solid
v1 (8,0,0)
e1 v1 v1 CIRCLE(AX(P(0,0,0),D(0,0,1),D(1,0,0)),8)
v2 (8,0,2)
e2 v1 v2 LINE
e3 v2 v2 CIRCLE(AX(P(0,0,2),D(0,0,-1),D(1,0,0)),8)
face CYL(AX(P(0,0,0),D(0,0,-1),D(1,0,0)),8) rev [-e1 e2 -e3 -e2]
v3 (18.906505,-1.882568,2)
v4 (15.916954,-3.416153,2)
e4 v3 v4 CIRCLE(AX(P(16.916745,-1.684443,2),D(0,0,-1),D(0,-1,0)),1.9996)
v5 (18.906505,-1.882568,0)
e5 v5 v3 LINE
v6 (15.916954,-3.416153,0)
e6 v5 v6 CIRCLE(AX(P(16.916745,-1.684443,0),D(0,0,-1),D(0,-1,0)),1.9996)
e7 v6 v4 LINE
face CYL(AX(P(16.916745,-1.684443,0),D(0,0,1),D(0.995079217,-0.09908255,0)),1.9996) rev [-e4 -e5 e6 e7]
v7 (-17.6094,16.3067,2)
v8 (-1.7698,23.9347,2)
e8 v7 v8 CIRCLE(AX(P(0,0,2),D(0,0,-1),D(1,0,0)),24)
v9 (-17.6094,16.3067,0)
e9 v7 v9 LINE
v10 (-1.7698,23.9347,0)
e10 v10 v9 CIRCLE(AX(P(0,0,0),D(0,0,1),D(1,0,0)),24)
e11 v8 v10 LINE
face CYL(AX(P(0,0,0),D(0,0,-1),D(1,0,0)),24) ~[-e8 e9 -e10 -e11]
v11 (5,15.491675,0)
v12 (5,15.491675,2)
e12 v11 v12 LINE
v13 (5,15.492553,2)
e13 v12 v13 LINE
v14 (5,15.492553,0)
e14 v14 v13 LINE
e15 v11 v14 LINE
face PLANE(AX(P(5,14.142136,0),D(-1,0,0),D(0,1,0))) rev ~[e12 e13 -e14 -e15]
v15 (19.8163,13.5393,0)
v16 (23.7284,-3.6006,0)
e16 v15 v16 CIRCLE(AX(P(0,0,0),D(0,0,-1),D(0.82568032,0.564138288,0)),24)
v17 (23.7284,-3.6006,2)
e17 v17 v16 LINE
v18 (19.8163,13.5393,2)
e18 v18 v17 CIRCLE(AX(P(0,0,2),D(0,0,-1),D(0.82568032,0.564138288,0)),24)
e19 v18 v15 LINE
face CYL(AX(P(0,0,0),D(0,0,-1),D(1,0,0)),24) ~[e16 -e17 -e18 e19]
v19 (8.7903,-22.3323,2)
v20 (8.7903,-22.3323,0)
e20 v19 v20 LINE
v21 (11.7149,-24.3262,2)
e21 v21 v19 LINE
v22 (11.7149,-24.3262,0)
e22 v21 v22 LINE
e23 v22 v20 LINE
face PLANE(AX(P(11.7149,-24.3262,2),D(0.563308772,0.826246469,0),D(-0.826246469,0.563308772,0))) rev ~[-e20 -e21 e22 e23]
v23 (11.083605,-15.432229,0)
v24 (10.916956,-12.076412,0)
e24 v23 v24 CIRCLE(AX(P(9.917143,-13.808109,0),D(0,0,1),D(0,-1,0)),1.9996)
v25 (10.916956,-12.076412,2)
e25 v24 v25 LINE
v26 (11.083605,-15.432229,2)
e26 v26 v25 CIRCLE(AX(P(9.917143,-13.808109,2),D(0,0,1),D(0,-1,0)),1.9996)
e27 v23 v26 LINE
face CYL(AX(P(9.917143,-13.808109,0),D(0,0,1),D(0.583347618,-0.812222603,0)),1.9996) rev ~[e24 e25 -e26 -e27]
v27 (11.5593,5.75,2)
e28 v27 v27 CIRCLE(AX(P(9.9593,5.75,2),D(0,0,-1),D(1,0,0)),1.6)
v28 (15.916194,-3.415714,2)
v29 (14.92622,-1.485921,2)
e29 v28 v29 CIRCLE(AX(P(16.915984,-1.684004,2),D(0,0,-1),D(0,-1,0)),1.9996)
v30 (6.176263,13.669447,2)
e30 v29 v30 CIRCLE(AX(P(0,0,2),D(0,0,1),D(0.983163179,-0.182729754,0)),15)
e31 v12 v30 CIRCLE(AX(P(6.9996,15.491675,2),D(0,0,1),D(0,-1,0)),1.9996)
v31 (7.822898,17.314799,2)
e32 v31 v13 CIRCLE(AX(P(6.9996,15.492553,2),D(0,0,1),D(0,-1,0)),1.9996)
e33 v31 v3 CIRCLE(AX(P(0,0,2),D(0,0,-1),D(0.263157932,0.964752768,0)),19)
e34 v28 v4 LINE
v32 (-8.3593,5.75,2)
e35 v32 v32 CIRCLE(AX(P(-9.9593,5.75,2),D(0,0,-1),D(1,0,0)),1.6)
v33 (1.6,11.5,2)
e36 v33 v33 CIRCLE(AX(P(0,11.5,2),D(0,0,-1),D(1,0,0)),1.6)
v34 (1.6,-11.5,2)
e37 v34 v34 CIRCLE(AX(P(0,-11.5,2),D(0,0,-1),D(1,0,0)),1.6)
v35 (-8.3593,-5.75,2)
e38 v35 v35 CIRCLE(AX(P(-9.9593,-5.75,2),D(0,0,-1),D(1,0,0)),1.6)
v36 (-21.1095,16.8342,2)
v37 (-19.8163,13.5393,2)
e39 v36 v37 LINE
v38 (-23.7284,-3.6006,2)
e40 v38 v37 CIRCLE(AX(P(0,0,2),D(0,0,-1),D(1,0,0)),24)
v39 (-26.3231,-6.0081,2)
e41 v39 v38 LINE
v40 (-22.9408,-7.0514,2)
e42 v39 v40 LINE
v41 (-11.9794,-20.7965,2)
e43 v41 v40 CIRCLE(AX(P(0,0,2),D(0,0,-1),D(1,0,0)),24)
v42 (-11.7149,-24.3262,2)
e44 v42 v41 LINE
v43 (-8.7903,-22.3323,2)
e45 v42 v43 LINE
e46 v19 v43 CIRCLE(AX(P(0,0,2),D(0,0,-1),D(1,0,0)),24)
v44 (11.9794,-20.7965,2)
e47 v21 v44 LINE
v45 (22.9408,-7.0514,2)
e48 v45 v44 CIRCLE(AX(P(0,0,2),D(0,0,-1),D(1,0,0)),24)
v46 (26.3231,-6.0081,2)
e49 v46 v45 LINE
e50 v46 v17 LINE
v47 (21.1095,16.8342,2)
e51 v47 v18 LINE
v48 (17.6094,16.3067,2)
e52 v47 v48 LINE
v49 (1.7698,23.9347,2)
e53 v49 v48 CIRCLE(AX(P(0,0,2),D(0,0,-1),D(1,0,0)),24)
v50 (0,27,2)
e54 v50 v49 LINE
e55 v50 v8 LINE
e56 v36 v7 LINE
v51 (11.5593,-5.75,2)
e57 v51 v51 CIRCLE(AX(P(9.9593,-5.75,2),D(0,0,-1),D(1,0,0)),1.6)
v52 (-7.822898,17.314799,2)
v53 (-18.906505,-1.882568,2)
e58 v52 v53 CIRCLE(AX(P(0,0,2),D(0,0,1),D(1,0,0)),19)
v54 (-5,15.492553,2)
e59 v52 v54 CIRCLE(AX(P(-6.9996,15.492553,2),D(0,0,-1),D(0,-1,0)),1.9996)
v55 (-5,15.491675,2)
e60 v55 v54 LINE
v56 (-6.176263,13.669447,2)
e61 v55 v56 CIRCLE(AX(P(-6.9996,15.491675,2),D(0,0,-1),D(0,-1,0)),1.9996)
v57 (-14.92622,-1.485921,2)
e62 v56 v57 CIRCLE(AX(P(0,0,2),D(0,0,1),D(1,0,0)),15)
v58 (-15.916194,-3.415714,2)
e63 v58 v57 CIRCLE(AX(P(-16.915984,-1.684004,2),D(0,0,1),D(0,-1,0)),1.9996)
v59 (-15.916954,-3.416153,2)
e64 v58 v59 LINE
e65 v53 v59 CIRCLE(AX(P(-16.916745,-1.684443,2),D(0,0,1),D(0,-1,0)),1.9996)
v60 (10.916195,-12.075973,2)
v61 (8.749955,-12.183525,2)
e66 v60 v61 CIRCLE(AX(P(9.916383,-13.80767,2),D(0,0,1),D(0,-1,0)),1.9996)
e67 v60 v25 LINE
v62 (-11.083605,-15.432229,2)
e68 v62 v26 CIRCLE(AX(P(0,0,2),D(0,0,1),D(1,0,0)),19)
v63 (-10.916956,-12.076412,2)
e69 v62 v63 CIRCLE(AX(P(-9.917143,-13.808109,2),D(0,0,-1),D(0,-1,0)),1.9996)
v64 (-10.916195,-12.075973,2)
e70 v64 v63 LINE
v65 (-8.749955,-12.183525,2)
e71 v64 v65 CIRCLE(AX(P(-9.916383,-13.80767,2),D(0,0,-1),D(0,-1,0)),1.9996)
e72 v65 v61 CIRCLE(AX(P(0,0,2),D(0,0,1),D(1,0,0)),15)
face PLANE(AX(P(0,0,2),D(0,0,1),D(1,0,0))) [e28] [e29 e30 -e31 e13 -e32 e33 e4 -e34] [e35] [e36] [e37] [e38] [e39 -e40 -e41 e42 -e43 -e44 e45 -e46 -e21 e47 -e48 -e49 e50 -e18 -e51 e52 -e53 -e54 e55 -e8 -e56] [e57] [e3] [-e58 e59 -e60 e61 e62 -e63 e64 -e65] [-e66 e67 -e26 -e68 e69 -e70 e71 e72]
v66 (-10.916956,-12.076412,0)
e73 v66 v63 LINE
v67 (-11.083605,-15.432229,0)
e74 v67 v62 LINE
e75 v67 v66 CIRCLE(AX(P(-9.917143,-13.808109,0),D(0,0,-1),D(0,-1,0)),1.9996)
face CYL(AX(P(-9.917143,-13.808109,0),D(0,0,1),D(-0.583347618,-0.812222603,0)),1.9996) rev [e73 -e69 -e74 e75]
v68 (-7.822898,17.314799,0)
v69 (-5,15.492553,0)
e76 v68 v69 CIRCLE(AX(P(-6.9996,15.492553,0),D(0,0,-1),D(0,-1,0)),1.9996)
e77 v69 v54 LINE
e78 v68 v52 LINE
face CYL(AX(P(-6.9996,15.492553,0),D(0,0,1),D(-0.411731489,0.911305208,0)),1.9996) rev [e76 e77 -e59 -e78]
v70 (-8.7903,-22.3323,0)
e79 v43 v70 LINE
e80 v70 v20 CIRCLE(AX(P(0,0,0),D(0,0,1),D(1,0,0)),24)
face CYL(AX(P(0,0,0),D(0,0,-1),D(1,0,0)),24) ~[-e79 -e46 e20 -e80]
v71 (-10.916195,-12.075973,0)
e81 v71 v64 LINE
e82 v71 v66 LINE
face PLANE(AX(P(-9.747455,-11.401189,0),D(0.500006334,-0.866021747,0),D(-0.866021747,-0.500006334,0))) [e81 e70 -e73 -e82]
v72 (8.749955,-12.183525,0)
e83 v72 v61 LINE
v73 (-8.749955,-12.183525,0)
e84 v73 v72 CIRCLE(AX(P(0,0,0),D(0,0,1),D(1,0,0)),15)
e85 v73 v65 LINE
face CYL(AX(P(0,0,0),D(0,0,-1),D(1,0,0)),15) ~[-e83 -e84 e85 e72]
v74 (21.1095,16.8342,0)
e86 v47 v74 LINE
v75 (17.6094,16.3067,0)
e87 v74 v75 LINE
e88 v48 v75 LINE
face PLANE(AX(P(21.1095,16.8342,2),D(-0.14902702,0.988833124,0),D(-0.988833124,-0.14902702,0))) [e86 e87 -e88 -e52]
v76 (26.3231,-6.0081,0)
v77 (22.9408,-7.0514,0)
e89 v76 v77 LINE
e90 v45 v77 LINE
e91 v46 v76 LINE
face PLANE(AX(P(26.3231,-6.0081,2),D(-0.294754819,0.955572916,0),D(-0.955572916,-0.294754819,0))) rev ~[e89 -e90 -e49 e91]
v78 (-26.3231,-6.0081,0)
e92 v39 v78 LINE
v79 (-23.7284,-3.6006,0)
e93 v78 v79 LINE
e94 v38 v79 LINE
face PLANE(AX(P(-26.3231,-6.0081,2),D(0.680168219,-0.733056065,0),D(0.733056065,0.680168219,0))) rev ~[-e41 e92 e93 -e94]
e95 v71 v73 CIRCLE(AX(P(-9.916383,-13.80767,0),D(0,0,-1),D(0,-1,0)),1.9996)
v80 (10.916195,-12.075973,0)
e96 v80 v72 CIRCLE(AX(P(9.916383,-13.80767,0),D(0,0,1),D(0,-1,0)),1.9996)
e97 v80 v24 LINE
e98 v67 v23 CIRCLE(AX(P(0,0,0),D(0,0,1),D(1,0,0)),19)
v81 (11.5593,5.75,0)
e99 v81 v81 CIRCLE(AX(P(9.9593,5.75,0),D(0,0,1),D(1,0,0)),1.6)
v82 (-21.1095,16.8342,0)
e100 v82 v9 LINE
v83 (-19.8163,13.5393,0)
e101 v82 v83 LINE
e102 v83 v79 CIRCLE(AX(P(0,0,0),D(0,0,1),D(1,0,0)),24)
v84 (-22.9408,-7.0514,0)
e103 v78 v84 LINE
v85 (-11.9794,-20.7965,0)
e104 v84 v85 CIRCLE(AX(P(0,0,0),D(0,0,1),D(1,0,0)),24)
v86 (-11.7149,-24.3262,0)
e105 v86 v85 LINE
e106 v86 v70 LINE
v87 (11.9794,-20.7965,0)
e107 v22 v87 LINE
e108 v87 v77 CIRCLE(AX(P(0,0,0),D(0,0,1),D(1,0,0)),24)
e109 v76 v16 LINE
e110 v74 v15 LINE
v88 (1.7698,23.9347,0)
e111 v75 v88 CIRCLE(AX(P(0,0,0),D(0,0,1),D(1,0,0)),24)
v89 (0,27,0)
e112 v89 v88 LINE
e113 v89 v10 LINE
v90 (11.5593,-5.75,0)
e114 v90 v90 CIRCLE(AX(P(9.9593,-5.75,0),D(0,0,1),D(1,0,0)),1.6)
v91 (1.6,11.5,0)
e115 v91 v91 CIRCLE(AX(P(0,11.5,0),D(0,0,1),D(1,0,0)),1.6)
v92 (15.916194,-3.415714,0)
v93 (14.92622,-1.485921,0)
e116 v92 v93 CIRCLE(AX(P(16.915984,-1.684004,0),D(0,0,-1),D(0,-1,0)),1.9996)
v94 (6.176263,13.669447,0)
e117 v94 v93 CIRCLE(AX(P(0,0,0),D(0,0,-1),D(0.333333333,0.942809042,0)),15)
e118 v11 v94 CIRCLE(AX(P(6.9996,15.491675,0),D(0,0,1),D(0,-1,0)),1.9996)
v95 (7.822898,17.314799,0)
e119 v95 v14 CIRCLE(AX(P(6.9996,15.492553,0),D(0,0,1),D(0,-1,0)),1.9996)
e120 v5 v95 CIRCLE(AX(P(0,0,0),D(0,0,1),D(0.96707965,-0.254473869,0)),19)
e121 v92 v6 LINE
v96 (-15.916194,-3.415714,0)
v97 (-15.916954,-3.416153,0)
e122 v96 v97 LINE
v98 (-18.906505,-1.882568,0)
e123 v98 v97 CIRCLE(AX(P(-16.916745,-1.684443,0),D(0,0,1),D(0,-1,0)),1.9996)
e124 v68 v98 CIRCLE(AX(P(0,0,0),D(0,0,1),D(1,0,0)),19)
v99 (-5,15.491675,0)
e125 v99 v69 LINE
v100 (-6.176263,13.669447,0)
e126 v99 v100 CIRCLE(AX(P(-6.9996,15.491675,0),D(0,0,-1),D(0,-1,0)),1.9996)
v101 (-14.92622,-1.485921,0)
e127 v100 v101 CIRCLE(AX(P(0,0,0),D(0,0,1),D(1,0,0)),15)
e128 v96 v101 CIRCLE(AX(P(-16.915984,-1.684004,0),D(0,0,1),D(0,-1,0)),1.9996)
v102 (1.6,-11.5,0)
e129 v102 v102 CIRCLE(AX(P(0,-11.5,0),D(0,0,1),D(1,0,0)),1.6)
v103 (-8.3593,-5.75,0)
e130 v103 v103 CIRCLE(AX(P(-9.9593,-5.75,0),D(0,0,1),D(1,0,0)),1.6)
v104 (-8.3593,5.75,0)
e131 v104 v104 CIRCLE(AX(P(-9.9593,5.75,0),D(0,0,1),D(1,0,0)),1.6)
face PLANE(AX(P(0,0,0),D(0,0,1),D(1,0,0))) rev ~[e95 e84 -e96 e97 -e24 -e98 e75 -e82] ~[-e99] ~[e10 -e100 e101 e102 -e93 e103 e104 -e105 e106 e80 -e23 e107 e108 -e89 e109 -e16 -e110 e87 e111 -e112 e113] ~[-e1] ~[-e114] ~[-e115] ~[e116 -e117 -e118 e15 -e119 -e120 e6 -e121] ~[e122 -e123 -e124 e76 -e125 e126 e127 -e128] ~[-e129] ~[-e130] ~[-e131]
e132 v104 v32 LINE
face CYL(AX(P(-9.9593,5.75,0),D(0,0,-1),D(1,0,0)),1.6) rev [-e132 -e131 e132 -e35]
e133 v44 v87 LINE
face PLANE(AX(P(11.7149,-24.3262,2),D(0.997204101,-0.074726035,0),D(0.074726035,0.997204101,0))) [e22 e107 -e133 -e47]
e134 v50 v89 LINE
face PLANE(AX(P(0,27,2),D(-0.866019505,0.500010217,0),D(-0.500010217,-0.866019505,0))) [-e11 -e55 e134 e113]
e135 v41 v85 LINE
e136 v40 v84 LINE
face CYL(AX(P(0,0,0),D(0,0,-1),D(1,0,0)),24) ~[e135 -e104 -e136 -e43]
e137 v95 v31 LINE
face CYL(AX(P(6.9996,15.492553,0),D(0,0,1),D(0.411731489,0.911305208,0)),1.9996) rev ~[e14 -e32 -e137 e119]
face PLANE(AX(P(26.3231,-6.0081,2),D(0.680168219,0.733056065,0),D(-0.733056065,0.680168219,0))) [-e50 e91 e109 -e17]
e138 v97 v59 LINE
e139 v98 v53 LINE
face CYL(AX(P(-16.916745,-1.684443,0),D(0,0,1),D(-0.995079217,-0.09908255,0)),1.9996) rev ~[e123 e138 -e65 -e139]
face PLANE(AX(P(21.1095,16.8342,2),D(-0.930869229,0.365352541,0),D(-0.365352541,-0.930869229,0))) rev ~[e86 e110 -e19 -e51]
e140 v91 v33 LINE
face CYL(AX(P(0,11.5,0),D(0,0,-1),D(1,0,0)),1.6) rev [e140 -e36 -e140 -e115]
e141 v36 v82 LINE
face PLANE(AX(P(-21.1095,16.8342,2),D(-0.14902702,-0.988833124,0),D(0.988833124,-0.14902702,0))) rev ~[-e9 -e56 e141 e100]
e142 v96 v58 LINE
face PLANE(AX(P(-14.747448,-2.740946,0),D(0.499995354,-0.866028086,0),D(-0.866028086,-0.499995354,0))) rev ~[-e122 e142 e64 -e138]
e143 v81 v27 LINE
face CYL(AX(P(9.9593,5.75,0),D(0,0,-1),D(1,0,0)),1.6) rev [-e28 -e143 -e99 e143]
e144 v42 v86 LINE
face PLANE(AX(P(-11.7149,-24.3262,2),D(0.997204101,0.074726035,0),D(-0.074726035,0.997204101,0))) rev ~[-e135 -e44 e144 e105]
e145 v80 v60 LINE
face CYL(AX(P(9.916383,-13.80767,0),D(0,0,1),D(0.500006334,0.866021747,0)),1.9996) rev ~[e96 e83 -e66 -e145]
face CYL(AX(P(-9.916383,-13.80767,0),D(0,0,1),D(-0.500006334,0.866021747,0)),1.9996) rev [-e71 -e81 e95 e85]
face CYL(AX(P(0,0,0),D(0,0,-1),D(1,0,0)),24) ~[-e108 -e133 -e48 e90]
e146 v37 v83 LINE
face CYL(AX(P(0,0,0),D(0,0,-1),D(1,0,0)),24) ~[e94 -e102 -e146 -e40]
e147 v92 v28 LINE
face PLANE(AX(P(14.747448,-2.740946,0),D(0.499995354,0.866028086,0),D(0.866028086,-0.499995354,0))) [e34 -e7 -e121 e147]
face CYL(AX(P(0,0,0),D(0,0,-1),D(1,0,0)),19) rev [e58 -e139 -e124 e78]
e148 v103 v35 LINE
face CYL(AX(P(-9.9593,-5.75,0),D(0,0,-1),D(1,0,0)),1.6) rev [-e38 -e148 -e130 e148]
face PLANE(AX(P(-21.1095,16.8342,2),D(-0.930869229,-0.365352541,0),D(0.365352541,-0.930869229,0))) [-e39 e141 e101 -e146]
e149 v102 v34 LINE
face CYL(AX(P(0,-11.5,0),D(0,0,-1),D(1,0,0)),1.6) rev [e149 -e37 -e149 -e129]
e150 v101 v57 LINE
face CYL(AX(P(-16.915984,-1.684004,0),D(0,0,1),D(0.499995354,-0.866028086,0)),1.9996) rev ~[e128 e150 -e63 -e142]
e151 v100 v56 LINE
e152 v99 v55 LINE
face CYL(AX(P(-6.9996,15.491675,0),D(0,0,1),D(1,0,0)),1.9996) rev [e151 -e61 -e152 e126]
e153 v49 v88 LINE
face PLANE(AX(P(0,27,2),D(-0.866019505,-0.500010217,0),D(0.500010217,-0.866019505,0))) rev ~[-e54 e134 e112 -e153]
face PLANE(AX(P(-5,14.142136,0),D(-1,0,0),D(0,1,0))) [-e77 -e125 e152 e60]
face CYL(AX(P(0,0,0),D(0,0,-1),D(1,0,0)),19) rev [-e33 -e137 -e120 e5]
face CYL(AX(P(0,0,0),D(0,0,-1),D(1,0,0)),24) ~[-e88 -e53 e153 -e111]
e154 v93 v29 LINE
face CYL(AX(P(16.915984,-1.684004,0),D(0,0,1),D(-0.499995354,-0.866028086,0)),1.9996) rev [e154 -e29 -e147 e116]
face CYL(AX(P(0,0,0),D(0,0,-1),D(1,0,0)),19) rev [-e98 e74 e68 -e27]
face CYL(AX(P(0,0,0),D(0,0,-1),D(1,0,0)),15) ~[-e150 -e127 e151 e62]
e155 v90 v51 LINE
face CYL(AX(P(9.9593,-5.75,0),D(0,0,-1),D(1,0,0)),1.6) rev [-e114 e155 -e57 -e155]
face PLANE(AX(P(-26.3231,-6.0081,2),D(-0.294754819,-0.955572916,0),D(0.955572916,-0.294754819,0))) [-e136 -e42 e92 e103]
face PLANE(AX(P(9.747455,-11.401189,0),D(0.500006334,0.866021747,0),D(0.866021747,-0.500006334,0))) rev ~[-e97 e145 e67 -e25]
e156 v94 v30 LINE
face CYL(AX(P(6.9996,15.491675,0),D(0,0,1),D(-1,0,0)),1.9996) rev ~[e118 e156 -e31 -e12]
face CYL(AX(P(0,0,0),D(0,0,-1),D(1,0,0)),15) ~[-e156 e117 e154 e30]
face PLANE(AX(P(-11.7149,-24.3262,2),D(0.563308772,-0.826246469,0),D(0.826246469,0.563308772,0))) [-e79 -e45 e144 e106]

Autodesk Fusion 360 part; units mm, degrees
sketch "Sketch1" plane through (0, 0, 0) normal (0, 0, 1) x (1, 0, 0)
  circle A0 centre (0, 0) radius 24
  circle A1 centre (0, 0) radius 11.5
  line L0 (0, 0) -> (0, 11.5)
  line L1 (0, 0) -> (-9.9593, 5.75)
  line L2 (0, 0) -> (9.9593, 5.75)
  line L3 (0, 0) -> (9.9593, -5.75)
  line L4 (0, 0) -> (0, -11.5)
  line L5 (0, 0) -> (-9.9593, -5.75)
  circle A2 centre (0, 11.5) radius 1.6
  circle A3 centre (9.9593, 5.75) radius 1.6
  circle A4 centre (9.9593, -5.75) radius 1.6
  circle A5 centre (0, -11.5) radius 1.6
  circle A6 centre (-9.9593, -5.75) radius 1.6
  circle A7 centre (-9.9593, 5.75) radius 1.6
  line L6 (0, 11.5) -> (-5, 11.5)
  line L7 (0, 11.5) -> (5, 11.5)
  line L8 (9.9593, -5.75) -> (7.4593, -10.0801)
  line L9 (9.9593, -5.75) -> (12.4593, -1.4199)
  line L10 (-9.9593, -5.75) -> (-7.4593, -10.0801)
  line L11 (-9.9593, -5.75) -> (-12.4593, -1.4199)
  circle A8 centre (0, 0) radius 19
  line L12 (-5, 11.5) -> (-5, 10.3562)
  line L13 (5, 11.5) -> (5, 10.3562)
  line L14 (12.4593, -1.4199) -> (11.4687, -0.848)
  line L15 (7.4593, -10.0801) -> (6.4687, -9.5082)
  line L16 (-7.4593, -10.0801) -> (-6.4687, -9.5082)
  line L17 (-12.4593, -1.4199) -> (-11.4687, -0.848)
  line L18 (-12.4593, -1.4199) -> (-18.3745, -4.835)
  line L19 (-7.4593, -10.0801) -> (-13.3745, -13.4953)
  line L20 (7.4593, -10.0801) -> (13.3745, -13.4953)
  line L21 (12.4593, -1.4199) -> (18.3745, -4.835)
  line L22 (5, 11.5) -> (5, 18.3303)
  line L23 (-5, 11.5) -> (-5, 18.3303)
  circle A9 centre (0, 0) radius 8
  circle A10 centre (0, 0) radius 15
  line L24 (0, 24) -> (-15.4269, 18.3851)
  line L25 (-15.4269, 18.3851) -> (-23.6354, 4.1676)
  line L26 (-23.6354, 4.1676) -> (-20.7846, -12)
  line L27 (-20.7846, -12) -> (-8.2085, -22.5526)
  line L28 (-8.2085, -22.5526) -> (8.2085, -22.5526)
  line L29 (8.2085, -22.5526) -> (20.7846, -12)
  line L30 (20.7846, -12) -> (23.6354, 4.1676)
  line L31 (23.6354, 4.1676) -> (15.4269, 18.3851)
  line L32 (15.4269, 18.3851) -> (0, 24)
  line L33 (0, 24) -> (0.2615, 26.9886)
  line L34 (0, 24) -> (3, 24) construction
  line L35 (0.2615, 26.9886) -> (-1.883, 23.926)
  line L36 (0.2615, 26.9886) -> (4.0002, 26.9886) construction
  dimension "d1" = 48
  dimension "d2" = 23
  dimension "d3" = 3.2
  dimension "d4" = 3.2
  dimension "d5" = 3.2
  dimension "d6" = 3.2
  dimension "d7" = 3.2
  dimension "d8" = 3.2
  dimension "d9" = 5
  dimension "d10" = 5
  dimension "d11" = 5
  dimension "d12" = 5
  dimension "d13" = 5
  dimension "d14" = 38
  dimension "d15" = 16
  dimension "d16" = 30
  dimension "d17" = 85
  dimension "d18" = 3
  dimension "d19" = 125
extrude "Extrude1" add sketch "Sketch1" along normal blind 2 contours A0 L30 | A0 L31 | L24 L25 L26 L27 L28 L29 L30 L31 L32 | A0 L29 | A0 L32 | A0 L28 | A0 L24 | A0 L27 | A0 L25 | A0 L26 | A1 L2 L3 A3 A4 A9 | A1 A4 L9 L14 | A1 A3 L13 L14 L21 L22 A10 | A4 L8 L9 L20 L21 A10 | A1 L3 L4 A4 A5 A9 | A8 L20 L21 A10 | A1 L0 L2 A2 A3 A9 | A1 A4 L8 L15 | A1 A5 L15 L16 L19 L20 A10 | A1 L4 L5 A5 A6 A9 | A6 L10 L11 L18 L19 A10 | A8 L18 L19 A10 | A8 L22 L23 A10 | A2 L6 L7 L22 L23 A10 | A1 A2 L7 L13 | A1 L0 L1 A2 A7 A9 | A1 L1 L5 A6 A7 A9 | A1 A6 L10 L16 | A1 A7 L12 L17 L18 L23 A10 | A1 A6 L11 L17 | A1 A2 L6 L12
fillet "Fillet1" radius 2 12 edges at (5, 18.3303, 1) (5, 14.1421, 1) (14.7474, -2.7409, 1) (18.3745, -4.835, 1) (13.3745, -13.4953, 1) (9.7474, -11.4012, 1) (-9.7474, -11.4012, 1) (-13.3745, -13.4953, 1) (-18.3745, -4.835, 1) (-14.7474, -2.7409, 1) (-5, 14.1421, 1) (-5, 18.3303, 1)
sketch "Sketch2" plane through (0, 0, 2) normal (0, 0, 1) x (-1, 0, 0)
  circle A0 centre (9.9593, 5.75) radius 1.6
  circle A1 centre (0, 0) radius 8
  circle A2 centre (0, -11.5) radius 1.6
  arc A3 (8.7498, 12.1837) -> (11.083, 15.4326) centre (9.9164, 13.8081) ccw
  arc A4 (8.7498, 12.1837) -> (-8.7498, 12.1837) centre (0, 0) ccw
  arc A5 (-11.083, 15.4326) -> (-8.7498, 12.1837) centre (-9.9164, 13.8081) ccw
  arc A6 (11.083, 15.4326) -> (-11.083, 15.4326) centre (0, 0) ccw
  circle A7 centre (9.9593, -5.75) radius 1.6
  arc A8 (6.1765, -13.6694) -> (7.8235, -17.3145) centre (7, -15.4919) ccw
  arc A9 (6.1765, -13.6694) -> (14.9262, 1.4857) centre (0, 0) ccw
  arc A10 (18.9066, 1.8819) -> (14.9262, 1.4857) centre (16.9164, 1.6838) ccw
  arc A11 (7.8235, -17.3145) -> (18.9066, 1.8819) centre (0, 0) ccw
  arc A12 (-18.9066, 1.8819) -> (-7.8235, -17.3145) centre (0, 0) ccw
  arc A13 (-14.9262, 1.4857) -> (-18.9066, 1.8819) centre (-16.9164, 1.6838) ccw
  arc A14 (-14.9262, 1.4857) -> (-6.1765, -13.6694) centre (0, 0) ccw
  arc A15 (-7.8235, -17.3145) -> (-6.1765, -13.6694) centre (-7, -15.4919) ccw
  circle A16 centre (-9.9593, -5.75) radius 1.6
  circle A17 centre (0, 11.5) radius 1.6
  circle A18 centre (-9.9593, 5.75) radius 1.6
  circle A19 centre (0, 0) radius 24
  line L0 (0, -8) -> (0, -13.1)
  line L1 (0, -24) -> (3.0935, -24) construction
  line L2 (0, -24) -> (0, -27)
  line L3 (0, -24) -> (3.0102, -24) construction
  line L4 (0, -27) -> (1.7698, -23.9347)
  line L5 (0, -27) -> (-1.7698, -23.9347)
  arc A20 (0, -27) -> (0, -27) centre (0, 0) ccw
  arc A21 (-1.7698, -23.9347) -> (1.7698, -23.9347) centre (0, 0) ccw
  line L6 (21.1095, -16.8342) -> (19.8163, -13.5393)
  line L7 (21.1095, -16.8342) -> (17.6094, -16.3067)
  arc A22 (17.6094, -16.3067) -> (19.8163, -13.5393) centre (0, 0) ccw
  line L8 (26.3231, 6.0081) -> (22.9408, 7.0514)
  line L9 (26.3231, 6.0081) -> (23.7284, 3.6006)
  arc A23 (23.7284, 3.6006) -> (22.9408, 7.0514) centre (0, 0) ccw
  line L10 (11.7149, 24.3262) -> (8.7903, 22.3323)
  line L11 (11.7149, 24.3262) -> (11.9794, 20.7965)
  arc A24 (11.9794, 20.7965) -> (8.7903, 22.3323) centre (0, 0) ccw
  line L12 (-11.7149, 24.3262) -> (-11.9794, 20.7965)
  line L13 (-11.7149, 24.3262) -> (-8.7903, 22.3323)
  arc A25 (-8.7903, 22.3323) -> (-11.9794, 20.7965) centre (0, 0) ccw
  line L14 (-26.3231, 6.0081) -> (-23.7284, 3.6006)
  line L15 (-26.3231, 6.0081) -> (-22.9408, 7.0514)
  arc A26 (-22.9408, 7.0514) -> (-23.7284, 3.6006) centre (0, 0) ccw
  line L16 (-21.1095, -16.8342) -> (-17.6094, -16.3067)
  line L17 (-21.1095, -16.8342) -> (-19.8163, -13.5393)
  arc A27 (-19.8163, -13.5393) -> (-17.6094, -16.3067) centre (0, 0) ccw
  dimension "d24" = 54
  dimension "d30" = 30
  dimension "d46" = 360
extrude "Extrude5" add sketch "Sketch2" against normal blind 2 contours A19 L8 L9 A23 | A19 L6 L7 A22 | A19 L10 L11 A24 | A19 L2 L4 A21 | A19 L2 L5 A21 | A19 L12 L13 A25 | A19 L16 L17 A27 | A19 L14 L15 A26
